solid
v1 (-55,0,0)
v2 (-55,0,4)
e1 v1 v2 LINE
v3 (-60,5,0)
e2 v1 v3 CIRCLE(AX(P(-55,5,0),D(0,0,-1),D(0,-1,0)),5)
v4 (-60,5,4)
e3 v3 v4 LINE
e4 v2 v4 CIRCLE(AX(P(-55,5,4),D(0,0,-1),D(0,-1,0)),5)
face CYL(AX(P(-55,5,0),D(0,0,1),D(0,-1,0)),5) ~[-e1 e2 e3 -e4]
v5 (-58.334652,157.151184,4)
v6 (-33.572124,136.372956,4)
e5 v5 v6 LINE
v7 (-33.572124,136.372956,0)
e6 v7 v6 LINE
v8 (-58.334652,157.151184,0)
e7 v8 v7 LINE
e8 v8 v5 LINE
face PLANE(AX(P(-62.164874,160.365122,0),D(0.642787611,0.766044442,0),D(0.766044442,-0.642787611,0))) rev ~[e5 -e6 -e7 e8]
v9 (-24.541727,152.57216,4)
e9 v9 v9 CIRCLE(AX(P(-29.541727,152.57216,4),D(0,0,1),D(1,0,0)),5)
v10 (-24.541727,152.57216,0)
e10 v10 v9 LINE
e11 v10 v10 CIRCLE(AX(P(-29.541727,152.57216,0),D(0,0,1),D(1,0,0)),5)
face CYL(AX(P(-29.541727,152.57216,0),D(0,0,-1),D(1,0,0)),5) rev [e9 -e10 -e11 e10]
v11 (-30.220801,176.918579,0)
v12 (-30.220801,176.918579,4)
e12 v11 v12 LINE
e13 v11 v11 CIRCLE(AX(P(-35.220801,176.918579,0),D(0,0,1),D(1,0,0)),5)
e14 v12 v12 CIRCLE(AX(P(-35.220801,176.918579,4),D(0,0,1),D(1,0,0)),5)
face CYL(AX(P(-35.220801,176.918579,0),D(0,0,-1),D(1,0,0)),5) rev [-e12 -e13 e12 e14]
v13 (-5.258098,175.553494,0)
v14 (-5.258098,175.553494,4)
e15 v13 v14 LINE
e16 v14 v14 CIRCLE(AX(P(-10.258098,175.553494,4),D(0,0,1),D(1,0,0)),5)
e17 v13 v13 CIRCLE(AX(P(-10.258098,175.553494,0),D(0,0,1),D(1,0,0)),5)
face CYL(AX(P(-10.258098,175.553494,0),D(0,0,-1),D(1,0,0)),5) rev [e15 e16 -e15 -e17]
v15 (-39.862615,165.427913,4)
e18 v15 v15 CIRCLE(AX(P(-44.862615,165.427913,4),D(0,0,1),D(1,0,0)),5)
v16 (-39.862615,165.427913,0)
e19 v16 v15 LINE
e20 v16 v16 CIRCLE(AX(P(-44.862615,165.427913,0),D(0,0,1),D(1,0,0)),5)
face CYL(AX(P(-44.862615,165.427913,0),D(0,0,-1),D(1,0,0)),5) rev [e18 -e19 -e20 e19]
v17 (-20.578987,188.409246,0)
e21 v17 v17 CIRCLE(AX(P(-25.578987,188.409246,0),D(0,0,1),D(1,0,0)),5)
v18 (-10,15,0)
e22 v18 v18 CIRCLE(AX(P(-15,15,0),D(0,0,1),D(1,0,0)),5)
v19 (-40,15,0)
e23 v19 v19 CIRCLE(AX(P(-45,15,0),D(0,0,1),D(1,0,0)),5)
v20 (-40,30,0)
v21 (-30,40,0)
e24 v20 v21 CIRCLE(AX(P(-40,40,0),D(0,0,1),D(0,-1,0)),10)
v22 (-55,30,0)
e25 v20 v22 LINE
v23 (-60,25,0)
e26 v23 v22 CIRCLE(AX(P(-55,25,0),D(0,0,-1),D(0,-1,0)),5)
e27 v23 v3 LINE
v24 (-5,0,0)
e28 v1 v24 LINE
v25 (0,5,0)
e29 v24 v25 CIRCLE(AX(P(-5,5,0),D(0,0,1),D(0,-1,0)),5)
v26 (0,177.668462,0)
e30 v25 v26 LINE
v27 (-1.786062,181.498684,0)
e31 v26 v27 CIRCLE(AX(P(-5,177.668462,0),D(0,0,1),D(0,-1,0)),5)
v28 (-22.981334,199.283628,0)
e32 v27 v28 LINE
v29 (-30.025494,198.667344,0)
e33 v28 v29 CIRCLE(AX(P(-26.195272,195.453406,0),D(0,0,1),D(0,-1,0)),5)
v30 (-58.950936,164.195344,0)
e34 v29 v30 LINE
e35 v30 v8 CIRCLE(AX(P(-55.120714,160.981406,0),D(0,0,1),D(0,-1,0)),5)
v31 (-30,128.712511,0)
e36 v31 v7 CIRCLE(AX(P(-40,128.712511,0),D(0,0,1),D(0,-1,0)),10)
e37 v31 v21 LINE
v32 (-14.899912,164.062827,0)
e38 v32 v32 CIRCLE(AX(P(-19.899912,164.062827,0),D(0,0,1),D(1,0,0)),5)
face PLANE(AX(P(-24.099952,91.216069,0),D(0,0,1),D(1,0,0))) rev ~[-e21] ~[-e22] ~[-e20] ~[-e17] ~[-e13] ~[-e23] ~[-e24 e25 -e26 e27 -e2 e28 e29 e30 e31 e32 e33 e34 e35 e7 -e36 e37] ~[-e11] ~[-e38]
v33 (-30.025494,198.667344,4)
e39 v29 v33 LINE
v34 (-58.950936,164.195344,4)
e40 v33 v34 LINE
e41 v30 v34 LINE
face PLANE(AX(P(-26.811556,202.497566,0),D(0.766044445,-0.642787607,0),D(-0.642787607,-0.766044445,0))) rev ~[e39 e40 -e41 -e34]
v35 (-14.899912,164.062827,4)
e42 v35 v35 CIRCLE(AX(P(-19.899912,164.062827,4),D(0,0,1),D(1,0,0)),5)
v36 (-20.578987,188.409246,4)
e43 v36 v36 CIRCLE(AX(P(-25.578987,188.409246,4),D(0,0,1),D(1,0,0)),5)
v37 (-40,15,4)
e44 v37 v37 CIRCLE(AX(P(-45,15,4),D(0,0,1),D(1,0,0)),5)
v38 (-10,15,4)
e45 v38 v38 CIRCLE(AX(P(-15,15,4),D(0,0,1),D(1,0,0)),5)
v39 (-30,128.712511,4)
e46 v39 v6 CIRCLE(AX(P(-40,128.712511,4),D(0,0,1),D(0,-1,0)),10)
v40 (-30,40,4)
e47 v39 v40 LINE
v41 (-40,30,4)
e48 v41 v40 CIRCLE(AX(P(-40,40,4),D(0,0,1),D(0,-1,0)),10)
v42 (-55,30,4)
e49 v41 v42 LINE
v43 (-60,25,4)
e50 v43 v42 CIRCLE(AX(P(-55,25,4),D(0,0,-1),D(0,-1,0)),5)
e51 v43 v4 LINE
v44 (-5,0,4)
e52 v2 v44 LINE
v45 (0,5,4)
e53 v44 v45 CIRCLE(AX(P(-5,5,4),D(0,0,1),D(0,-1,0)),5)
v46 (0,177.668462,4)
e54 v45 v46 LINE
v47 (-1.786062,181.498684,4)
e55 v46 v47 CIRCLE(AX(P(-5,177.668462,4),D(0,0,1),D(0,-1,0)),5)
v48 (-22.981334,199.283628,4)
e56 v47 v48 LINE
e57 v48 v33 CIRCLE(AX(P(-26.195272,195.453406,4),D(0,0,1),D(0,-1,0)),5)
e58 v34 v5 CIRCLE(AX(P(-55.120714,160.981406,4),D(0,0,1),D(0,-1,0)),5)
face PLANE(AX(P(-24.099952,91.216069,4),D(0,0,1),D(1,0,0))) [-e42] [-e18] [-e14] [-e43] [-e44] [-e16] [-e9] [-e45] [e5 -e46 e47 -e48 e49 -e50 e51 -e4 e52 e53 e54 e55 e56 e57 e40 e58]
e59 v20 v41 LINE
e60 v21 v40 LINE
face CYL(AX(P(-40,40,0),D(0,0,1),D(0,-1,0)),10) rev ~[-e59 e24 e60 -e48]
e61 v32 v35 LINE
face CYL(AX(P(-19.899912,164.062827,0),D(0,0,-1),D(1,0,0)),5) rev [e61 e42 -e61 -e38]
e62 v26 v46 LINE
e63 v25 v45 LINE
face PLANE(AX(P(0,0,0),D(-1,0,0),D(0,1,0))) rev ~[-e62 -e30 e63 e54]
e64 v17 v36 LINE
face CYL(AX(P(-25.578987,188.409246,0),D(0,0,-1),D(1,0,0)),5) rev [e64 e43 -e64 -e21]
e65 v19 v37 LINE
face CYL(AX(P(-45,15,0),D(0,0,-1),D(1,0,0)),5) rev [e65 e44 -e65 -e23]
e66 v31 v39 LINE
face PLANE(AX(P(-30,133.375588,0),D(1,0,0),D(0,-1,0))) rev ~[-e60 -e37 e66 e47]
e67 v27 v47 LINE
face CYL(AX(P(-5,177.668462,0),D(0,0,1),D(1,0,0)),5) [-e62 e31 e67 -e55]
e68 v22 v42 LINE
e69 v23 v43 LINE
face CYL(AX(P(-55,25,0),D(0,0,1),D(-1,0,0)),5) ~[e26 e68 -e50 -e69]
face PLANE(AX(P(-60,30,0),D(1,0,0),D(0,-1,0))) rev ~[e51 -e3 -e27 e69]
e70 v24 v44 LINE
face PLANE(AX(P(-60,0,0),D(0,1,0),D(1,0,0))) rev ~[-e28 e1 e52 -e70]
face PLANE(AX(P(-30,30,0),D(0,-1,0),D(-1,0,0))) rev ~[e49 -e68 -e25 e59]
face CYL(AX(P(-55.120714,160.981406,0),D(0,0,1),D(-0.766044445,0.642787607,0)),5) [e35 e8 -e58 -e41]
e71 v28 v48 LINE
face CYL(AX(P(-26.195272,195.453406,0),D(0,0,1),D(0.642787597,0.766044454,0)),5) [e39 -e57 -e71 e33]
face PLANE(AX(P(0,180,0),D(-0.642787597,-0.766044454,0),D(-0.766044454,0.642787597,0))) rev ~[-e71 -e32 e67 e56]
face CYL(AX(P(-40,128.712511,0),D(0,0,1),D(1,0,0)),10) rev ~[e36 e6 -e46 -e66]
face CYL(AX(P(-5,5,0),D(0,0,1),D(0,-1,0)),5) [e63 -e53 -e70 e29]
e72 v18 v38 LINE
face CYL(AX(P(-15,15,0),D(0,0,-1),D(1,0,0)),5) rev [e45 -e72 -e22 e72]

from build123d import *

# Parameters (mm, degrees)
F0_R     = 5
F1_DEPTH = 4
F2_R     = 5
F3_R     = 10


with BuildPart() as f1:
    # F0 (on Top) → F1 (new body)
    with BuildSketch(Plane.XY):
        Polygon((-60, 0), (0, 0), (0, 180), (-26.811556, 202.497566), (-62.164874, 160.365122), (-30, 133.375588), (-30, 30), (-60, 30), align=None)
        with Locations((-45, 15)):
            Circle(F0_R, mode=Mode.SUBTRACT)
        with Locations((-15, 15)):
            Circle(F0_R, mode=Mode.SUBTRACT)
        with Locations((-44.862615, 165.427913)):
            Circle(F0_R, mode=Mode.SUBTRACT)
        with Locations((-35.220801, 176.918579)):
            Circle(F0_R, mode=Mode.SUBTRACT)
        with Locations((-29.541727, 152.57216)):
            Circle(F0_R, mode=Mode.SUBTRACT)
        with Locations((-19.899912, 164.062827)):
            Circle(F0_R, mode=Mode.SUBTRACT)
        with Locations((-25.578987, 188.409246)):
            Circle(F0_R, mode=Mode.SUBTRACT)
        with Locations((-10.258098, 175.553494)):
            Circle(F0_R, mode=Mode.SUBTRACT)
    extrude(amount=F1_DEPTH)

    # F2
    f2_edges = [f1.edges().sort_by_distance(p)[0] for p in [
        (-62.164874, 160.365122, 2),
        (-26.811556, 202.497566, 2),
        (0, 180, 2),
        (0, 0, 2),
        (-60, 0, 2),
        (-60, 30, 2),
    ]]
    fillet(f2_edges, radius=F2_R)

    # F3
    f3_edges = [f1.edges().sort_by_distance(p)[0] for p in [
        (-30, 30, 2),
        (-30, 133.375588, 2),
    ]]
    fillet(f3_edges, radius=F3_R)


solid = f1.part
